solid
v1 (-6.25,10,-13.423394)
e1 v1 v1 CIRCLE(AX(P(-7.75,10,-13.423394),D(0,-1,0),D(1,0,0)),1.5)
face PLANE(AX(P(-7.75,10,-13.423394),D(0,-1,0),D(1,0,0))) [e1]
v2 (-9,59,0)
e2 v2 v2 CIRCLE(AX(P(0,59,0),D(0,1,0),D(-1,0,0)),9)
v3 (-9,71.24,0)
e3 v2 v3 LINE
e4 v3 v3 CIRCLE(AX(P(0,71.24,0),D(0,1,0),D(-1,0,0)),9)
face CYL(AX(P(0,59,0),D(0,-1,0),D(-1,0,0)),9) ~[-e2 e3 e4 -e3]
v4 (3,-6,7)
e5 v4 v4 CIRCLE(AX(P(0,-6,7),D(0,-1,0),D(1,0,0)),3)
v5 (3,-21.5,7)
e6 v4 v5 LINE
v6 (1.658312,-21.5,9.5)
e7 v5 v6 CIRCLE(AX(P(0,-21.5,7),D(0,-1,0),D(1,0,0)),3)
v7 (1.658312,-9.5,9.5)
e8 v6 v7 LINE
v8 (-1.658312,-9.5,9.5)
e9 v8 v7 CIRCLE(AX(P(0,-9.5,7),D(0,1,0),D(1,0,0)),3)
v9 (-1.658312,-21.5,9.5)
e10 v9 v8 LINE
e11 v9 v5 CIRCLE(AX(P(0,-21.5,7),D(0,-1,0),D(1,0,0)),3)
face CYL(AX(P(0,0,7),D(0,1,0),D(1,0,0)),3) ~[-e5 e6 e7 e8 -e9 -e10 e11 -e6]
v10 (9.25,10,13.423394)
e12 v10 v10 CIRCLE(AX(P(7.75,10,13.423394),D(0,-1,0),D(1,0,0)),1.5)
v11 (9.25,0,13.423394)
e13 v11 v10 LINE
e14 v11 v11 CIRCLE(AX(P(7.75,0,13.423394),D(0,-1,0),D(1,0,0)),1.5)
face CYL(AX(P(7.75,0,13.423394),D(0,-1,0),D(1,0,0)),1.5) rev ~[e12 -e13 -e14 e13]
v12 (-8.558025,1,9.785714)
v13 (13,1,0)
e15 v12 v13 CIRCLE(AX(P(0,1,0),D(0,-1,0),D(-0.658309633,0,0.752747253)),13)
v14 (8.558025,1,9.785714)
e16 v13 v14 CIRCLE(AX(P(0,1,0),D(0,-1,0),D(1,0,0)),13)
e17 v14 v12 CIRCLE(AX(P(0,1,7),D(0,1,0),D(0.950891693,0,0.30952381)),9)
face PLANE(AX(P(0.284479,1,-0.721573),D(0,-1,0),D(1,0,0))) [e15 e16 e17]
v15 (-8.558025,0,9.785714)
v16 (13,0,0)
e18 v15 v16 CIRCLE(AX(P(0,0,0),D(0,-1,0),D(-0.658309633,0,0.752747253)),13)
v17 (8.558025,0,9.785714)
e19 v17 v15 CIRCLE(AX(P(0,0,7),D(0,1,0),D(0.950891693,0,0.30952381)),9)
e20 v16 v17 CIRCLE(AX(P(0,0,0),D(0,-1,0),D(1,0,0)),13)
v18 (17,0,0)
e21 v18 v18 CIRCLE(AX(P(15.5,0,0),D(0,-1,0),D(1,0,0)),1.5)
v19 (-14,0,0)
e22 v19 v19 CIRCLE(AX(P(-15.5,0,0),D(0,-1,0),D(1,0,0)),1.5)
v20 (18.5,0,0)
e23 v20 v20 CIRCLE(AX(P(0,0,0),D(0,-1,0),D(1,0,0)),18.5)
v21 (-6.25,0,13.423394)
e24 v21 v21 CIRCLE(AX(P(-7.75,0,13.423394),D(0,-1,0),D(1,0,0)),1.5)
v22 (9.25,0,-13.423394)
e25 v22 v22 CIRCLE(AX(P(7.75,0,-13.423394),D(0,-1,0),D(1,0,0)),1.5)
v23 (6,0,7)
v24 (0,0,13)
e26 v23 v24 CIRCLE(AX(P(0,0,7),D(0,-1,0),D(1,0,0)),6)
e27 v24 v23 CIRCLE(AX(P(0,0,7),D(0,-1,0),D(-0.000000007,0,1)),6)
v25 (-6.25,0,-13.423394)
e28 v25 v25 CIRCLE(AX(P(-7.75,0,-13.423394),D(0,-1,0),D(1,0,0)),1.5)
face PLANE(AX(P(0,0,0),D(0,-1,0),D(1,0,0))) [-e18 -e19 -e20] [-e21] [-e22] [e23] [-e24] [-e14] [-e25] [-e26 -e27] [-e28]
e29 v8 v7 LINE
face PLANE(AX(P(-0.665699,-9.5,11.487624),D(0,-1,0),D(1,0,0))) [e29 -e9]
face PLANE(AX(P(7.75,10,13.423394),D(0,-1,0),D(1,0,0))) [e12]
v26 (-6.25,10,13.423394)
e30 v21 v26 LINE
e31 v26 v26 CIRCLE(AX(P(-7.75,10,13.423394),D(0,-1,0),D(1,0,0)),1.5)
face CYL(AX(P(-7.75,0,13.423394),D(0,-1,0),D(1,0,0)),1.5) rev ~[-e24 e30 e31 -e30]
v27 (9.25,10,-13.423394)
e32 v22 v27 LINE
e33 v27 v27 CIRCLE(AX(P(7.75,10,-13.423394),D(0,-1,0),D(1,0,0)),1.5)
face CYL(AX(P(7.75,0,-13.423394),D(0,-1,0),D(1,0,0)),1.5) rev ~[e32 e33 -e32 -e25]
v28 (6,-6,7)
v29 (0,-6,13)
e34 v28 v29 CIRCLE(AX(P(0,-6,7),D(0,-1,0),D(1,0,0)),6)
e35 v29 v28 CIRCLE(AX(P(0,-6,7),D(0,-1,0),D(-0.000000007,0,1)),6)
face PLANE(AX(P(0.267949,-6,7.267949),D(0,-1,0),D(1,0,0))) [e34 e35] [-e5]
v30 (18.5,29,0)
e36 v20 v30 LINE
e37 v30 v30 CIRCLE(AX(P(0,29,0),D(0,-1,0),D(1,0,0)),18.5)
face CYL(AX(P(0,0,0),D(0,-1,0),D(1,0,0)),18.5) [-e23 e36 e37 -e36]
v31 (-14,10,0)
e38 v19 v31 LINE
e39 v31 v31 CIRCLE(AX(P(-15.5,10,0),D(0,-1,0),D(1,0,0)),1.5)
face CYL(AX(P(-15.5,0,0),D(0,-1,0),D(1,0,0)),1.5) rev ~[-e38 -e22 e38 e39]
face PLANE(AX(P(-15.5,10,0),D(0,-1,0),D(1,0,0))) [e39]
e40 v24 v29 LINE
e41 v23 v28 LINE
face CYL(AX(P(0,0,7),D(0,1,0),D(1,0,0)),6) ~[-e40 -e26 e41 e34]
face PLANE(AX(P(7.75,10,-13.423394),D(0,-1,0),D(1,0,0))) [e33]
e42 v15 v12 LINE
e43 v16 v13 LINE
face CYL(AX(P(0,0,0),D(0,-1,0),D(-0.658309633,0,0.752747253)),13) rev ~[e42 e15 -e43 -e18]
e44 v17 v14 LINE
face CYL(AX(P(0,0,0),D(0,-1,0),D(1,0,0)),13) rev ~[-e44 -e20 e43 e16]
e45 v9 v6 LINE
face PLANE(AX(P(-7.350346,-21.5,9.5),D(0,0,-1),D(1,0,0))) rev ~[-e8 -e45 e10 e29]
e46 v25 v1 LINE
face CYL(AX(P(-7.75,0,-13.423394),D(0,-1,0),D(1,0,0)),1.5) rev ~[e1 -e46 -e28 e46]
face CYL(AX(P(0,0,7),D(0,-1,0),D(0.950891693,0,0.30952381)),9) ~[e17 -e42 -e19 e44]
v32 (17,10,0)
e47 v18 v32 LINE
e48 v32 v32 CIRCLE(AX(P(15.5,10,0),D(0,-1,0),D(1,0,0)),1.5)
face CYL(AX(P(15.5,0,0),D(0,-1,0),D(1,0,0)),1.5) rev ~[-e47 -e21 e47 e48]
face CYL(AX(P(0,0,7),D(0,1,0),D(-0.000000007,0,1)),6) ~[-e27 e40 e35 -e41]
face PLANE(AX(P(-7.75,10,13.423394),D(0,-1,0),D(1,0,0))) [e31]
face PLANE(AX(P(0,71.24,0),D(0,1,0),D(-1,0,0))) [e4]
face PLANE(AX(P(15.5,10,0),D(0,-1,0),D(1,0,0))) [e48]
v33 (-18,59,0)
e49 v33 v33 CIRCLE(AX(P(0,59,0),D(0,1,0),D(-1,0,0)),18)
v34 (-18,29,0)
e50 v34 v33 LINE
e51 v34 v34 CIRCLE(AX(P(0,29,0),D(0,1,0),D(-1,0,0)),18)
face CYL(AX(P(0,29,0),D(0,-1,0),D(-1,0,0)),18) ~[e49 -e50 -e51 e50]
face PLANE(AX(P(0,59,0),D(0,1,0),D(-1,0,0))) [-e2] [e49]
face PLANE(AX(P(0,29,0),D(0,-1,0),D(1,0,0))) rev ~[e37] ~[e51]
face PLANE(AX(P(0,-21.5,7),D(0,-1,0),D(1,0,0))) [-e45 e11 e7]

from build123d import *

# Parameters (mm, degrees)
F0_R      = 18.5
F0_R_2    = 18
F0_R_3    = 1.5
F0_R_4    = 3
F1_DEPTH  = 29
F2_R      = 18
F3_DEPTH  = 30
F4_R      = 9
F5_DEPTH  = 12.24
F6_DEPTH  = 6
F7_DEPTH  = 21.5
F8_DEPTH  = 10
F10_DEPTH = 12
F11_DEPTH = 1


with BuildPart() as f1:
    # F0 (on Front) → F1 (new body)
    with BuildSketch(Plane.XZ):
        Circle(F0_R)
        Circle(F0_R_2, mode=Mode.SUBTRACT)
        Circle(F0_R_2)
        with Locations((-7.75, -13.4233937587)):
            Circle(F0_R_3, mode=Mode.SUBTRACT)
        with Locations((7.75, -13.4233937587)):
            Circle(F0_R_3, mode=Mode.SUBTRACT)
        with Locations((-15.5, 0)):
            Circle(F0_R_3, mode=Mode.SUBTRACT)
        with Locations((-7.75, 13.4233937587)):
            Circle(F0_R_3, mode=Mode.SUBTRACT)
        with BuildLine():
            ThreePointArc((-8.5580252347, 9.7857142857), (-4.5708705218, 12.1699278007), (-4.3e-08, 13))
            ThreePointArc((-4.3e-08, 13), (4.5708704815, 12.1699278158), (8.5580252347, 9.7857142857))
            ThreePointArc((8.5580252347, 9.7857142857), (11.8375320074, 5.3733449521), (13, 0))
            ThreePointArc((13, 0), (-5.3733449521, -11.8375320074), (-8.5580252347, 9.7857142857))
        make_face(mode=Mode.SUBTRACT)
        with Locations((15.5, 0)):
            Circle(F0_R_3, mode=Mode.SUBTRACT)
        with Locations((7.75, 13.4233937587)):
            Circle(F0_R_3, mode=Mode.SUBTRACT)
        with BuildLine():
            ThreePointArc((13, 0), (11.8375320074, 5.3733449521), (8.5580252347, 9.7857142857))
            ThreePointArc((8.5580252347, 9.7857142857), (0, -2), (-8.5580252347, 9.7857142857))
            ThreePointArc((-8.5580252347, 9.7857142857), (-5.3733449521, -11.8375320074), (13, 0))
        make_face()
        with BuildLine():
            ThreePointArc((8.5580252347, 9.7857142857), (4.5708704815, 12.1699278158), (-4.3e-08, 13))
            ThreePointArc((-4.3e-08, 13), (-4.5708705218, 12.1699278007), (-8.5580252347, 9.7857142857))
            ThreePointArc((-8.5580252347, 9.7857142857), (0, -2), (8.5580252347, 9.7857142857))
        make_face()
        with BuildLine():
            ThreePointArc((-4.3e-08, 13), (4.2426406719, 11.2426407023), (6, 7))
            ThreePointArc((6, 7), (-4.2426406719, 2.7573592977), (-4.3e-08, 13))
        make_face(mode=Mode.SUBTRACT)
        with BuildLine():
            ThreePointArc((-4.3e-08, 13), (-4.2426406719, 2.7573592977), (6, 7))
            ThreePointArc((6, 7), (4.2426406719, 11.2426407023), (-4.3e-08, 13))
        make_face()
        with Locations((0, 7)):
            Circle(F0_R_4, mode=Mode.SUBTRACT)
        with Locations((0, 7)):
            Circle(F0_R_4)
        with Locations((-15.5, 0)):
            Circle(F0_R_3)
        with Locations((7.75, -13.4233937587)):
            Circle(F0_R_3)
        with Locations((15.5, 0)):
            Circle(F0_R_3)
        with Locations((7.75, 13.4233937587)):
            Circle(F0_R_3)
        with Locations((-7.75, -13.4233937587)):
            Circle(F0_R_3)
        with Locations((-7.75, 13.4233937587)):
            Circle(F0_R_3)
    extrude(amount=-F1_DEPTH)

    # F2 (on face) → F3 (join)
    with BuildSketch(Plane(origin=(0, 29, 0), x_dir=(-1, 0, 0), z_dir=(0, 1, 0))):
        Circle(F2_R)
    extrude(amount=F3_DEPTH)

    # F4 (on face) → F5 (join)
    with BuildSketch(Plane(origin=(0, 59, 0), x_dir=(-1, 0, 0), z_dir=(0, 1, 0))):
        Circle(F4_R)
    extrude(amount=F5_DEPTH)

    # F0 (on Front) → F6 (join)
    with BuildSketch(Plane.XZ):
        with BuildLine():
            ThreePointArc((-4.3e-08, 13), (-4.2426406719, 2.7573592977), (6, 7))
            ThreePointArc((6, 7), (4.2426406719, 11.2426407023), (-4.3e-08, 13))
        make_face()
        with Locations((0, 7)):
            Circle(F0_R_4, mode=Mode.SUBTRACT)
    extrude(amount=F6_DEPTH)

    # F0 (on Front) → F7 (join)
    with BuildSketch(Plane.XZ):
        with Locations((0, 7)):
            Circle(F0_R_4)
    extrude(amount=F7_DEPTH)

    # F0 (on Front) → F8 (cut)
    with BuildSketch(Plane.XZ):
        with Locations((-7.75, 13.4233937587)):
            Circle(F0_R_3)
        with Locations((7.75, 13.4233937587)):
            Circle(F0_R_3)
        with Locations((15.5, 0)):
            Circle(F0_R_3)
        with Locations((-7.75, -13.4233937587)):
            Circle(F0_R_3)
        with Locations((-15.5, 0)):
            Circle(F0_R_3)
        with Locations((7.75, -13.4233937587)):
            Circle(F0_R_3)
    extrude(amount=-F8_DEPTH, mode=Mode.SUBTRACT)

    # F9 (on face) → F10 (cut)
    with BuildSketch(Plane.XZ.offset(21.5)):
        with BuildLine():
            ThreePointArc((-1.6583123952, 9.5), (0, 10), (1.6583123952, 9.5))
            Line((1.6583123952, 9.5), (6.0122050345, 9.5))
            Line((6.0122050345, 9.5), (6.0122050345, 13.4357631467))
            Line((6.0122050345, 13.4357631467), (-7.3503456078, 13.4357631467))
            Line((-7.3503456078, 13.4357631467), (-7.3503456078, 9.5))
            Line((-7.3503456078, 9.5), (-1.6583123952, 9.5))
        make_face()
        with BuildLine():
            Line((-1.6583123952, 9.5), (1.6583123952, 9.5))
            ThreePointArc((1.6583123952, 9.5), (0, 10), (-1.6583123952, 9.5))
        make_face()
    extrude(amount=-F10_DEPTH, mode=Mode.SUBTRACT)

    # F0 (on Front) → F11 (cut)
    with BuildSketch(Plane.XZ):
        with BuildLine():
            ThreePointArc((13, 0), (11.8375320074, 5.3733449521), (8.5580252347, 9.7857142857))
            ThreePointArc((8.5580252347, 9.7857142857), (0, -2), (-8.5580252347, 9.7857142857))
            ThreePointArc((-8.5580252347, 9.7857142857), (-5.3733449521, -11.8375320074), (13, 0))
        make_face()
    extrude(amount=-F11_DEPTH, mode=Mode.SUBTRACT)


solid = f1.part
